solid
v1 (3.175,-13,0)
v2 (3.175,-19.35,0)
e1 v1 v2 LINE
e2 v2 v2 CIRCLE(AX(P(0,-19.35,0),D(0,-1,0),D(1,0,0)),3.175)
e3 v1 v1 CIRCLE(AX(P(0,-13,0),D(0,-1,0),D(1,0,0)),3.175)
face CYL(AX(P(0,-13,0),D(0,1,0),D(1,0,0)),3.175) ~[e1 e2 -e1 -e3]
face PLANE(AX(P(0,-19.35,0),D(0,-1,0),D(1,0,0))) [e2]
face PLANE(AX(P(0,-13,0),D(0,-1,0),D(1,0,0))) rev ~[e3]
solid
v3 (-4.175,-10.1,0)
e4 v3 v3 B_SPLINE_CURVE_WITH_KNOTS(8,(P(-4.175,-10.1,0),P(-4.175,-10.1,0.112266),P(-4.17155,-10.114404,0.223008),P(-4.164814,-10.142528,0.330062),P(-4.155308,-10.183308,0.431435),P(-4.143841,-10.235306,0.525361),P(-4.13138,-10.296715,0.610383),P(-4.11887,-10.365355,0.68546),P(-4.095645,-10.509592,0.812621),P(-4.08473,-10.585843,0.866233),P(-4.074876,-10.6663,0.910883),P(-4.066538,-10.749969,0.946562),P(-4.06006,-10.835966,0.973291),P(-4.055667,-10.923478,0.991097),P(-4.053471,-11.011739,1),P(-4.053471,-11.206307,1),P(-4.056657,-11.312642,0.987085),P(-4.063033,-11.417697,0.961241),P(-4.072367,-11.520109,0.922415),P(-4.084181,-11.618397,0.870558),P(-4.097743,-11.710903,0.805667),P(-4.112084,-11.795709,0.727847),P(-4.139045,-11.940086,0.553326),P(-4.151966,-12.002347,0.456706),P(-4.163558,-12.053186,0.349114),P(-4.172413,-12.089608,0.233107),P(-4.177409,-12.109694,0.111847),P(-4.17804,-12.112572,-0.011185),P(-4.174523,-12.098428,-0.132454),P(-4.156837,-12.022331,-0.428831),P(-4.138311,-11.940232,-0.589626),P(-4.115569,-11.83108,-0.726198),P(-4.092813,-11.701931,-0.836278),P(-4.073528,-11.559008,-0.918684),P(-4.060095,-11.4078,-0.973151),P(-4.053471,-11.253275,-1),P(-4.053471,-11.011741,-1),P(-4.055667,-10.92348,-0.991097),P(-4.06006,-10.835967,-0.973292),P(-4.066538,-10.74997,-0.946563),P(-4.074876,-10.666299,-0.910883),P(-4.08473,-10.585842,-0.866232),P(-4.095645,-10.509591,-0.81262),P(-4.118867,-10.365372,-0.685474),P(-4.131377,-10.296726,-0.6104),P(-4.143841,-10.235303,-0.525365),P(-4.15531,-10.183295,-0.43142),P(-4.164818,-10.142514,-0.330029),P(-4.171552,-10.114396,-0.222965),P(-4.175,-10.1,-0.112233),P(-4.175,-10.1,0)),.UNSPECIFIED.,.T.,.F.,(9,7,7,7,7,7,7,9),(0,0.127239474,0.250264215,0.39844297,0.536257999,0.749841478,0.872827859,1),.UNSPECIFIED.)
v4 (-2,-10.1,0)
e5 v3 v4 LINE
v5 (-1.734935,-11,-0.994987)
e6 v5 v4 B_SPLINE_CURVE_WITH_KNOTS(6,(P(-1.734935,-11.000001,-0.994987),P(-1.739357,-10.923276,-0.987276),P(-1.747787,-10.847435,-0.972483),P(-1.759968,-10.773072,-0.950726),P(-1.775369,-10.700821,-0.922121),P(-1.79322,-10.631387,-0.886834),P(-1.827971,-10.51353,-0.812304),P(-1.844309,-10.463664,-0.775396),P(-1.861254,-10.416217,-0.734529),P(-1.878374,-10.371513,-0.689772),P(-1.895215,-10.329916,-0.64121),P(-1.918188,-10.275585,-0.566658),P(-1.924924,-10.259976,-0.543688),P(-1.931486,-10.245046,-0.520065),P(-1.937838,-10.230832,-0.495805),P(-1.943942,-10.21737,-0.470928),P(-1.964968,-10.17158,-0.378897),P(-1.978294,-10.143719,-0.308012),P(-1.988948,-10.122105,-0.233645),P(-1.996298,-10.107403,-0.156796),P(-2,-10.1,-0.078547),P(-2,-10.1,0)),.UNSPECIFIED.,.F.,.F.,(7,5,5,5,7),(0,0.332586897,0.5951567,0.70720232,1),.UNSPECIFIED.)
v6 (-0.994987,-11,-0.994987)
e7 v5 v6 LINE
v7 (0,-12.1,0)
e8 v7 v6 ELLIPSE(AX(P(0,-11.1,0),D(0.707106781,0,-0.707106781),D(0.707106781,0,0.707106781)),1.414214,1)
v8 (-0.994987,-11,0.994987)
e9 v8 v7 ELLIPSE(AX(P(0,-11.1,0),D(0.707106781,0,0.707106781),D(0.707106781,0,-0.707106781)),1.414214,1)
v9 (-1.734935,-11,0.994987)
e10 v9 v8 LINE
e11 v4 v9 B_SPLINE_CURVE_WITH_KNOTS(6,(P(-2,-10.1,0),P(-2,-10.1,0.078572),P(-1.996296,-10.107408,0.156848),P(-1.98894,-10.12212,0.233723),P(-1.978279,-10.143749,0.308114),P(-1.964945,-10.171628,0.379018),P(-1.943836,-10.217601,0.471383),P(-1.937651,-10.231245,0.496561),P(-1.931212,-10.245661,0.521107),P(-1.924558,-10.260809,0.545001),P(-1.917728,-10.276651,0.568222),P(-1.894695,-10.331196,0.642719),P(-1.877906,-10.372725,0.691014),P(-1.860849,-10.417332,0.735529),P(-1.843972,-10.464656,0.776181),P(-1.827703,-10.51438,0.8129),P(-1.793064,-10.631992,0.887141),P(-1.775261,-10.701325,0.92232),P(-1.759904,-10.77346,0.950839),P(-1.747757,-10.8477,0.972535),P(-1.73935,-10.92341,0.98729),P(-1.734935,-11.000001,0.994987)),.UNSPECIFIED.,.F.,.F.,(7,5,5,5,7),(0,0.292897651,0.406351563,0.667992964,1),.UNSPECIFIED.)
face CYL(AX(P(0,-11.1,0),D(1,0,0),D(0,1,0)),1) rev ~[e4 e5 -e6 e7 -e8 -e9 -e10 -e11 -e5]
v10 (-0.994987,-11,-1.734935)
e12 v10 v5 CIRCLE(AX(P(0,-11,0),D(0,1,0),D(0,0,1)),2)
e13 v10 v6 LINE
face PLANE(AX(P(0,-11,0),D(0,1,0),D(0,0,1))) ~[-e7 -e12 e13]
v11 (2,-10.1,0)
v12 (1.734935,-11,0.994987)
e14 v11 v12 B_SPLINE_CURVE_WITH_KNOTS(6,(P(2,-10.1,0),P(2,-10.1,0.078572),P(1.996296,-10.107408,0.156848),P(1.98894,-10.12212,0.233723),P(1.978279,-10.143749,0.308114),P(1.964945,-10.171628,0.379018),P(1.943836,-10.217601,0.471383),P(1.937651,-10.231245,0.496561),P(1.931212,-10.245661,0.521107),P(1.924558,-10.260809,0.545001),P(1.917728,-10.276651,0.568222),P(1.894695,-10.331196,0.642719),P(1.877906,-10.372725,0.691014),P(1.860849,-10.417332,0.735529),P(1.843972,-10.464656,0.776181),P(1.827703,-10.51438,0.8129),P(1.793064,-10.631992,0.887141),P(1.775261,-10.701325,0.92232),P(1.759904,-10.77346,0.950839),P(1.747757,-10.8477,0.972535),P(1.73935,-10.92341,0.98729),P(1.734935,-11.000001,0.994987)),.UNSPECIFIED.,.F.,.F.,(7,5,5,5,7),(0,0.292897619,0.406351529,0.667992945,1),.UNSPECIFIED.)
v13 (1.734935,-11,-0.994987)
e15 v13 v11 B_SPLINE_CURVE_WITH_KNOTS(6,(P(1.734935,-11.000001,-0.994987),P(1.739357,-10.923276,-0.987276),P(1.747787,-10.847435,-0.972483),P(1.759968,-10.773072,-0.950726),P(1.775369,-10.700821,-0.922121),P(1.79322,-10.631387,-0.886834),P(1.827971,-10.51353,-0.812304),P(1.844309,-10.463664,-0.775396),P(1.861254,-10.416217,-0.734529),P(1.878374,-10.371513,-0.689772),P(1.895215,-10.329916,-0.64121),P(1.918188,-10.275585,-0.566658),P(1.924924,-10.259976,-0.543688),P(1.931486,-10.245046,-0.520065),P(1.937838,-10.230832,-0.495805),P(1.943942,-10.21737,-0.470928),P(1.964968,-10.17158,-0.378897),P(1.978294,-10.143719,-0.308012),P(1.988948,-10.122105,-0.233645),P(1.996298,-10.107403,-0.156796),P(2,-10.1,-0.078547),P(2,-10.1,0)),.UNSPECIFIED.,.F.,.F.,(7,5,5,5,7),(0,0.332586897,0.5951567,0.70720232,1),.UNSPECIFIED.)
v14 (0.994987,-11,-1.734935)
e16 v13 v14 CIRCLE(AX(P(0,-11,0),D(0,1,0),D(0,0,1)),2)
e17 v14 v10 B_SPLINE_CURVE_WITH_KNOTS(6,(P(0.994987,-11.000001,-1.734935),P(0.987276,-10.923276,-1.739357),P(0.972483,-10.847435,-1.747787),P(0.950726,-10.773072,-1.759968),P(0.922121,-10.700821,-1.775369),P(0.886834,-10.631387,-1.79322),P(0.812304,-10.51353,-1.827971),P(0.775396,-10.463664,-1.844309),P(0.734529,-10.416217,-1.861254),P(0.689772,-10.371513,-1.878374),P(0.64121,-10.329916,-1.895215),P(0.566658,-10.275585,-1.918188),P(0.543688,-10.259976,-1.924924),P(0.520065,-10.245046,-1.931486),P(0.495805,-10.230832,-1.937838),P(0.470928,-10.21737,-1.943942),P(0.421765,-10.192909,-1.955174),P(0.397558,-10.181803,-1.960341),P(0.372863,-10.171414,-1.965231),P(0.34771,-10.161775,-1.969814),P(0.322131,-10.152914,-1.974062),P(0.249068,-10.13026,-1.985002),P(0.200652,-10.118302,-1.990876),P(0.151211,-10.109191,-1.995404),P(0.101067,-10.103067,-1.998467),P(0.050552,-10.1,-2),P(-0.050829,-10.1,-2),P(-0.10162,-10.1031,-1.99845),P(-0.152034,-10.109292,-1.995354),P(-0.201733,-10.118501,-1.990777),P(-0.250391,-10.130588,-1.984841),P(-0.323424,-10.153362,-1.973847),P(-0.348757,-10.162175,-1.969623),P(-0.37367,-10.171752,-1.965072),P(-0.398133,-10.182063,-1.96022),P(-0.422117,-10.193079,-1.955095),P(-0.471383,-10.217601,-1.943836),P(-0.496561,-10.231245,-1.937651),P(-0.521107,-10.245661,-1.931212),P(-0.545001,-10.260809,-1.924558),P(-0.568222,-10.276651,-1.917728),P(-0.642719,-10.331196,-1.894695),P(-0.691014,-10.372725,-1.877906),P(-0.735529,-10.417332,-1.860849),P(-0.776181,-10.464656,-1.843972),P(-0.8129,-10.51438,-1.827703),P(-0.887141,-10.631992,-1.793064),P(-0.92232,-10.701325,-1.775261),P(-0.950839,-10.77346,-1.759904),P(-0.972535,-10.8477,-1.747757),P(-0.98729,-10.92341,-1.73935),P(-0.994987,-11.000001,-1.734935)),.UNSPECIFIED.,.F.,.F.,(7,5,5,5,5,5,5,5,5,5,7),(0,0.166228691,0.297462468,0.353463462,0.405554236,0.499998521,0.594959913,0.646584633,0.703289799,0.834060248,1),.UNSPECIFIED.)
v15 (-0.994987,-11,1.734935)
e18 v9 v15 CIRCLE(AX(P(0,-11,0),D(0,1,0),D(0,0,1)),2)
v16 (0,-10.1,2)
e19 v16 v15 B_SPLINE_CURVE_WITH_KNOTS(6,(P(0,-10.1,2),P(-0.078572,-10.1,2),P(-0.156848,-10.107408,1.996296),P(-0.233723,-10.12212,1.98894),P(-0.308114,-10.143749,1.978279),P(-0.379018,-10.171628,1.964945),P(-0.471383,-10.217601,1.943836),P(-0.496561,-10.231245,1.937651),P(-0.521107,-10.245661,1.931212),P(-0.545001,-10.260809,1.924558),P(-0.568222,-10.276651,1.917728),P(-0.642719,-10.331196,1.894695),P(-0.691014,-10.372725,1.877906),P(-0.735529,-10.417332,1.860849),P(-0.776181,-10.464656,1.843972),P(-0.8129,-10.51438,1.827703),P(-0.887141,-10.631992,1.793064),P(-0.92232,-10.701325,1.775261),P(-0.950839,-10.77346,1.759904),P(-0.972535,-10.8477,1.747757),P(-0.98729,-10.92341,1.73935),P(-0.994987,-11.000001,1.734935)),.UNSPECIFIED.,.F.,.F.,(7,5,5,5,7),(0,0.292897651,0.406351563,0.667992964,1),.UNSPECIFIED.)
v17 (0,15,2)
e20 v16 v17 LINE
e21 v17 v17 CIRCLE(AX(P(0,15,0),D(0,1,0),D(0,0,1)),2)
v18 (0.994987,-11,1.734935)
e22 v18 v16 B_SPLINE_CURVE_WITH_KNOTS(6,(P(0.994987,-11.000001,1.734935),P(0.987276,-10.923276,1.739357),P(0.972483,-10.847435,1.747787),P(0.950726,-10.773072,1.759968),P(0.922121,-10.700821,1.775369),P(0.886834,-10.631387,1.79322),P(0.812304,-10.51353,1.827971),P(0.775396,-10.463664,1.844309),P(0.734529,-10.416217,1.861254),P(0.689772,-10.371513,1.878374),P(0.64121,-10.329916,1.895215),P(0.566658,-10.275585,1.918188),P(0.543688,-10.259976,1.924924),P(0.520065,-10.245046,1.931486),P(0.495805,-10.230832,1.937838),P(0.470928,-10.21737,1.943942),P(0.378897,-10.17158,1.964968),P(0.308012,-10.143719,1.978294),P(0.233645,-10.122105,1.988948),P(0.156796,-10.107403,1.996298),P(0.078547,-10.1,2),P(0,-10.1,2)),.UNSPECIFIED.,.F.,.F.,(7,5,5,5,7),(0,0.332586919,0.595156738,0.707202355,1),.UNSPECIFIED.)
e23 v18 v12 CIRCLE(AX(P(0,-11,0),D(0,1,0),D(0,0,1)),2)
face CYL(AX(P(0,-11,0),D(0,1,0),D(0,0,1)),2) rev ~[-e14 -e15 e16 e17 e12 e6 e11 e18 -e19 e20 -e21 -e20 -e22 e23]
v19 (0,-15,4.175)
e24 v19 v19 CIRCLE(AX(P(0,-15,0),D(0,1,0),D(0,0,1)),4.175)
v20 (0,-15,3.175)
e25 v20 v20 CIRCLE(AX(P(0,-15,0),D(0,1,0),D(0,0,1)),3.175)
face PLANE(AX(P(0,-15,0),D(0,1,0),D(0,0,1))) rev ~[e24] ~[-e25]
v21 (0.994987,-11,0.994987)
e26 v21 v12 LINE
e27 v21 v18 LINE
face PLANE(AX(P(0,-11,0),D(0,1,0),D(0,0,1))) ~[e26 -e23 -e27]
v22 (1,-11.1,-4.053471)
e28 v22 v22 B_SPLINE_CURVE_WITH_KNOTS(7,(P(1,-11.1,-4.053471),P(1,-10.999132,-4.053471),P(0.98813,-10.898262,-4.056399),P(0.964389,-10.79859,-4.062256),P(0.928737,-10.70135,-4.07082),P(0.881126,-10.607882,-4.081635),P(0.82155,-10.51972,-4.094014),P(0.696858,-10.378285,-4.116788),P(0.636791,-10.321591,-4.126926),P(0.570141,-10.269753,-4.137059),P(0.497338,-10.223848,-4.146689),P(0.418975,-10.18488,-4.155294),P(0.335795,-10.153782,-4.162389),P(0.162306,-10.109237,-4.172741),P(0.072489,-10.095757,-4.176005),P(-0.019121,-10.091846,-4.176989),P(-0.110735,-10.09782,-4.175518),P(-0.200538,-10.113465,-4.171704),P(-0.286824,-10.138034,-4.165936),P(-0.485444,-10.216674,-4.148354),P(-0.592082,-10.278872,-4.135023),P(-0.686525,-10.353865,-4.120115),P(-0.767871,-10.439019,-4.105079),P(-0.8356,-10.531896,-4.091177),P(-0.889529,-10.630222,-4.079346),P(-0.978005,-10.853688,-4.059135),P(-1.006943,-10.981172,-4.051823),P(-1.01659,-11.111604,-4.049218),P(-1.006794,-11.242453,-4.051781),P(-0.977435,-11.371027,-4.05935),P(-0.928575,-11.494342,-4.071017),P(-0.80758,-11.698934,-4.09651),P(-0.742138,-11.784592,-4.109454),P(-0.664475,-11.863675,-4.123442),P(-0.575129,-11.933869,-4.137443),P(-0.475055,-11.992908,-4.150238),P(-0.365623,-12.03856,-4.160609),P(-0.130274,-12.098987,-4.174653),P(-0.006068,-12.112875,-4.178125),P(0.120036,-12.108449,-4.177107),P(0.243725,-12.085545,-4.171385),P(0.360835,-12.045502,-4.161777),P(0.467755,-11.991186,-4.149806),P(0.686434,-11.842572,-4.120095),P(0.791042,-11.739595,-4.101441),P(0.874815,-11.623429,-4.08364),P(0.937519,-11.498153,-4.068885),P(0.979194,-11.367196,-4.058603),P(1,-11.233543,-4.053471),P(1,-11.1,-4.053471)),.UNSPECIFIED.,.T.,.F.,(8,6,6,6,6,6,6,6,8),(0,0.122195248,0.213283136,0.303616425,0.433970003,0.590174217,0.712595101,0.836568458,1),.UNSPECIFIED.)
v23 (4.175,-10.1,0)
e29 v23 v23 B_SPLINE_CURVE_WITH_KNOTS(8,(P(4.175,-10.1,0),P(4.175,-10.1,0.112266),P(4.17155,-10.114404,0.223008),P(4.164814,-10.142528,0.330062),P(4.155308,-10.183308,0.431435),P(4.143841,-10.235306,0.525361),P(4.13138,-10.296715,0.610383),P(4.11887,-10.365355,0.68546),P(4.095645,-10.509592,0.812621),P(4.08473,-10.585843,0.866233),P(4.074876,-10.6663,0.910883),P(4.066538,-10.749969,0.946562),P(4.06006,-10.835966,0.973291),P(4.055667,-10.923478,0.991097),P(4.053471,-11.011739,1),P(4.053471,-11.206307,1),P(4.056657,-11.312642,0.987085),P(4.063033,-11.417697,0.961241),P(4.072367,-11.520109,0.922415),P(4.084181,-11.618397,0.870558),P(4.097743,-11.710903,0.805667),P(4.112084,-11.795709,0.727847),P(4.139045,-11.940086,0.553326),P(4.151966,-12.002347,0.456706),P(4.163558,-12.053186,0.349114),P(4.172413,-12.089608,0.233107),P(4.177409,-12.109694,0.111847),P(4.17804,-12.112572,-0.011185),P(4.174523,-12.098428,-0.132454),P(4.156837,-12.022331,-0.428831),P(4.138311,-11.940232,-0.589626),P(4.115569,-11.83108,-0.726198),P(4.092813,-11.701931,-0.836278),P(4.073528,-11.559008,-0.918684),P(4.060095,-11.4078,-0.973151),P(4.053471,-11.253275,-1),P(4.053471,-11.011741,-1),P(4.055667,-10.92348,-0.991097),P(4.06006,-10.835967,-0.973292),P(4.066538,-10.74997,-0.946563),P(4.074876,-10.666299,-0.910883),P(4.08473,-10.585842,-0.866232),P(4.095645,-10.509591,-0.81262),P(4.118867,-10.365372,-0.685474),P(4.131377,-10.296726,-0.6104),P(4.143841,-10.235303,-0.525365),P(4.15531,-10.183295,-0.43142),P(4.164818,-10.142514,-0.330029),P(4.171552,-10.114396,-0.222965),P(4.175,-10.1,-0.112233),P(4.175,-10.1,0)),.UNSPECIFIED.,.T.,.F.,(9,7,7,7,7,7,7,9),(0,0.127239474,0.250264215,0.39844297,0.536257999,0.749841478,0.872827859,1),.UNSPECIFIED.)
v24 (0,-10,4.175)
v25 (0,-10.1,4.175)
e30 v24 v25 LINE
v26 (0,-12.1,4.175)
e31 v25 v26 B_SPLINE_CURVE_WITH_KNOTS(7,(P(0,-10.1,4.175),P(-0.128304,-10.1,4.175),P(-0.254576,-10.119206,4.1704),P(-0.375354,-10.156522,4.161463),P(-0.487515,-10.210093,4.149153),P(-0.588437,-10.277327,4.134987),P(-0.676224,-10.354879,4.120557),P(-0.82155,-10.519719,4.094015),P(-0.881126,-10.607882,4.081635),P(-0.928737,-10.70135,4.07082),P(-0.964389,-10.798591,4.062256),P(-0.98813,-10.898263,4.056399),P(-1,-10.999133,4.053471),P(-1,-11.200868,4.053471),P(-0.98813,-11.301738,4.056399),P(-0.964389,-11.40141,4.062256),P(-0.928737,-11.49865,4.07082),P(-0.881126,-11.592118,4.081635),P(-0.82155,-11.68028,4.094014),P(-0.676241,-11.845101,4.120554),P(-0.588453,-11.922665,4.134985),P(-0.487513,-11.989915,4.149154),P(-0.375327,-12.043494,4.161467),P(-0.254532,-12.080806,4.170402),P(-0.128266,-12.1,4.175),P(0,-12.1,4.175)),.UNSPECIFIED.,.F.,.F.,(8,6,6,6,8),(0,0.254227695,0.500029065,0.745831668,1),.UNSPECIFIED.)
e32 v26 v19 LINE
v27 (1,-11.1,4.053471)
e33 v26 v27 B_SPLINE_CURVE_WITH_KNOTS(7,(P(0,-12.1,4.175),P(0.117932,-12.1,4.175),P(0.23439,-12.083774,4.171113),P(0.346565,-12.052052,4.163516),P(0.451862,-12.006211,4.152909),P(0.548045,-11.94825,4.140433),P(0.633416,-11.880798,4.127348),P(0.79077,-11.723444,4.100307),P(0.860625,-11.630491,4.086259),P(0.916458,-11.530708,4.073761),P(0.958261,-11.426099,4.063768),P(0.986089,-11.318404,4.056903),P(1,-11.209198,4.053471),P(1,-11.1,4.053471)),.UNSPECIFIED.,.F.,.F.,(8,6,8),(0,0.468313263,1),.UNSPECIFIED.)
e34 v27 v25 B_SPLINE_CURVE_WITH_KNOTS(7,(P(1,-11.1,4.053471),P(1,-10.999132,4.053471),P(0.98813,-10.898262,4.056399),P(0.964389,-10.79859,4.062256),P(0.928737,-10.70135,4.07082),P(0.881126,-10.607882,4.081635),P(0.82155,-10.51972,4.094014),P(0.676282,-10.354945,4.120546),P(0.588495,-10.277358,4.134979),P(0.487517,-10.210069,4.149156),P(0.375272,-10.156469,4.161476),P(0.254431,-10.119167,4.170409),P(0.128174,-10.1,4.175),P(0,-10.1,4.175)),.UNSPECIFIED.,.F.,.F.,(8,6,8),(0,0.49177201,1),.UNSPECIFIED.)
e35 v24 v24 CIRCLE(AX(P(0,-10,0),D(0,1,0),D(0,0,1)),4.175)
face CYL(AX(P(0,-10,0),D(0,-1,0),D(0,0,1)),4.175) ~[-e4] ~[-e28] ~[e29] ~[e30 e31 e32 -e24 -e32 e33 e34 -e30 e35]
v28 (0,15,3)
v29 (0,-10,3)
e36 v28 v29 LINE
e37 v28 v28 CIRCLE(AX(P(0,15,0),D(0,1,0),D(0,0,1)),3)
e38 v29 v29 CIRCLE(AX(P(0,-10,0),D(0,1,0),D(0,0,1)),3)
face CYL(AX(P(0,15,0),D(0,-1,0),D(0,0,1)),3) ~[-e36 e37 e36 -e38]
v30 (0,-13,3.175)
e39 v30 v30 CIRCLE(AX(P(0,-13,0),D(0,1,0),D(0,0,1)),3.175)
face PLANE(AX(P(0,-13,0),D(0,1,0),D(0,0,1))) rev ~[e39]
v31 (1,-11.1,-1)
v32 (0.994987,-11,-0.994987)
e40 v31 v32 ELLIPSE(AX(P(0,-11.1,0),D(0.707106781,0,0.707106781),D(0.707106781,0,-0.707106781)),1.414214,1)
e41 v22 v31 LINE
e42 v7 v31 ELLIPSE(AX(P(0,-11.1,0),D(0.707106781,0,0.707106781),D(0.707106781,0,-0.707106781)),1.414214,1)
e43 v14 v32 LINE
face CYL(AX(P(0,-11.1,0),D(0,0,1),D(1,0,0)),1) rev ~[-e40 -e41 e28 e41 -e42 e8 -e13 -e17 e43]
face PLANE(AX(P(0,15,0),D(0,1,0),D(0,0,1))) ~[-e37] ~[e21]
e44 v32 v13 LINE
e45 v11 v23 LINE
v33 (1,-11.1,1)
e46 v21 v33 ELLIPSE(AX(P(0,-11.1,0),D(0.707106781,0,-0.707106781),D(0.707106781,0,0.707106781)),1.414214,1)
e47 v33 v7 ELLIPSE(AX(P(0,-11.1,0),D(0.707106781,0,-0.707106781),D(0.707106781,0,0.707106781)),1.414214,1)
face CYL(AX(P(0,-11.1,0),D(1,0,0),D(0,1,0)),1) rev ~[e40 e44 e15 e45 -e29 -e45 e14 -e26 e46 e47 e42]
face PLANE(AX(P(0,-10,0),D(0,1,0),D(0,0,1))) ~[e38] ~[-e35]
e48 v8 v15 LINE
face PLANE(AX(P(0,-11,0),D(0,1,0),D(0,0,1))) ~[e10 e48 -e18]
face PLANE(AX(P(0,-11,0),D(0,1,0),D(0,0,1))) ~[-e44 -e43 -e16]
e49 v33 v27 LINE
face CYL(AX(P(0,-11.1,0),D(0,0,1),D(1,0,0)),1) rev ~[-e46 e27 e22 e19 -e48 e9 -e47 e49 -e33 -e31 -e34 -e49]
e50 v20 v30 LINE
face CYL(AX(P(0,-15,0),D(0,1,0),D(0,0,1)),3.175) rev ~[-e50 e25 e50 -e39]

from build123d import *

# Parameters (mm, degrees)
F2_R     = 1
F3_DEPTH = 12.5
F4_R     = 1
F5_DEPTH = 12.5
F6_R     = 3.175
F7_DEPTH = 6.35


with BuildPart() as f1:
    # F0 (on Right) → F1 (revolve)
    with BuildSketch(Plane.YZ):
        Polygon((15, 2), (15, 3), (3.5, 3), (2.5, 3), (-4.5, 3), (-5.5, 3), (-10, 3), (-10, 3.175), (-10, 4.175), (-15, 4.175), (-15, 3.175), (-13, 3.175), (-13, 3), (-13, 0), (-11, 0), (-11, 2), align=None)
    revolve(axis=Axis((0, -5.9435404837, 0), (0, 1, 0)))

    # F2 (on Right) → F3 (cut, symmetric)
    with BuildSketch(Plane.YZ):
        with Locations((-11.1, 0)):
            Circle(F2_R)
    extrude(amount=F3_DEPTH, both=True, mode=Mode.SUBTRACT)

    # F4 (on Top) → F5 (cut, symmetric)
    with BuildSketch(Plane.XY):
        with Locations((0, -11.1)):
            Circle(F4_R)
    extrude(amount=F5_DEPTH, both=True, mode=Mode.SUBTRACT)


with BuildPart() as f7:
    # F6 (on face) → F7 (new body)
    with BuildSketch(Plane.XZ.offset(13)):
        Circle(F6_R)
    extrude(amount=F7_DEPTH)


solid = Compound([f1.part, f7.part])
